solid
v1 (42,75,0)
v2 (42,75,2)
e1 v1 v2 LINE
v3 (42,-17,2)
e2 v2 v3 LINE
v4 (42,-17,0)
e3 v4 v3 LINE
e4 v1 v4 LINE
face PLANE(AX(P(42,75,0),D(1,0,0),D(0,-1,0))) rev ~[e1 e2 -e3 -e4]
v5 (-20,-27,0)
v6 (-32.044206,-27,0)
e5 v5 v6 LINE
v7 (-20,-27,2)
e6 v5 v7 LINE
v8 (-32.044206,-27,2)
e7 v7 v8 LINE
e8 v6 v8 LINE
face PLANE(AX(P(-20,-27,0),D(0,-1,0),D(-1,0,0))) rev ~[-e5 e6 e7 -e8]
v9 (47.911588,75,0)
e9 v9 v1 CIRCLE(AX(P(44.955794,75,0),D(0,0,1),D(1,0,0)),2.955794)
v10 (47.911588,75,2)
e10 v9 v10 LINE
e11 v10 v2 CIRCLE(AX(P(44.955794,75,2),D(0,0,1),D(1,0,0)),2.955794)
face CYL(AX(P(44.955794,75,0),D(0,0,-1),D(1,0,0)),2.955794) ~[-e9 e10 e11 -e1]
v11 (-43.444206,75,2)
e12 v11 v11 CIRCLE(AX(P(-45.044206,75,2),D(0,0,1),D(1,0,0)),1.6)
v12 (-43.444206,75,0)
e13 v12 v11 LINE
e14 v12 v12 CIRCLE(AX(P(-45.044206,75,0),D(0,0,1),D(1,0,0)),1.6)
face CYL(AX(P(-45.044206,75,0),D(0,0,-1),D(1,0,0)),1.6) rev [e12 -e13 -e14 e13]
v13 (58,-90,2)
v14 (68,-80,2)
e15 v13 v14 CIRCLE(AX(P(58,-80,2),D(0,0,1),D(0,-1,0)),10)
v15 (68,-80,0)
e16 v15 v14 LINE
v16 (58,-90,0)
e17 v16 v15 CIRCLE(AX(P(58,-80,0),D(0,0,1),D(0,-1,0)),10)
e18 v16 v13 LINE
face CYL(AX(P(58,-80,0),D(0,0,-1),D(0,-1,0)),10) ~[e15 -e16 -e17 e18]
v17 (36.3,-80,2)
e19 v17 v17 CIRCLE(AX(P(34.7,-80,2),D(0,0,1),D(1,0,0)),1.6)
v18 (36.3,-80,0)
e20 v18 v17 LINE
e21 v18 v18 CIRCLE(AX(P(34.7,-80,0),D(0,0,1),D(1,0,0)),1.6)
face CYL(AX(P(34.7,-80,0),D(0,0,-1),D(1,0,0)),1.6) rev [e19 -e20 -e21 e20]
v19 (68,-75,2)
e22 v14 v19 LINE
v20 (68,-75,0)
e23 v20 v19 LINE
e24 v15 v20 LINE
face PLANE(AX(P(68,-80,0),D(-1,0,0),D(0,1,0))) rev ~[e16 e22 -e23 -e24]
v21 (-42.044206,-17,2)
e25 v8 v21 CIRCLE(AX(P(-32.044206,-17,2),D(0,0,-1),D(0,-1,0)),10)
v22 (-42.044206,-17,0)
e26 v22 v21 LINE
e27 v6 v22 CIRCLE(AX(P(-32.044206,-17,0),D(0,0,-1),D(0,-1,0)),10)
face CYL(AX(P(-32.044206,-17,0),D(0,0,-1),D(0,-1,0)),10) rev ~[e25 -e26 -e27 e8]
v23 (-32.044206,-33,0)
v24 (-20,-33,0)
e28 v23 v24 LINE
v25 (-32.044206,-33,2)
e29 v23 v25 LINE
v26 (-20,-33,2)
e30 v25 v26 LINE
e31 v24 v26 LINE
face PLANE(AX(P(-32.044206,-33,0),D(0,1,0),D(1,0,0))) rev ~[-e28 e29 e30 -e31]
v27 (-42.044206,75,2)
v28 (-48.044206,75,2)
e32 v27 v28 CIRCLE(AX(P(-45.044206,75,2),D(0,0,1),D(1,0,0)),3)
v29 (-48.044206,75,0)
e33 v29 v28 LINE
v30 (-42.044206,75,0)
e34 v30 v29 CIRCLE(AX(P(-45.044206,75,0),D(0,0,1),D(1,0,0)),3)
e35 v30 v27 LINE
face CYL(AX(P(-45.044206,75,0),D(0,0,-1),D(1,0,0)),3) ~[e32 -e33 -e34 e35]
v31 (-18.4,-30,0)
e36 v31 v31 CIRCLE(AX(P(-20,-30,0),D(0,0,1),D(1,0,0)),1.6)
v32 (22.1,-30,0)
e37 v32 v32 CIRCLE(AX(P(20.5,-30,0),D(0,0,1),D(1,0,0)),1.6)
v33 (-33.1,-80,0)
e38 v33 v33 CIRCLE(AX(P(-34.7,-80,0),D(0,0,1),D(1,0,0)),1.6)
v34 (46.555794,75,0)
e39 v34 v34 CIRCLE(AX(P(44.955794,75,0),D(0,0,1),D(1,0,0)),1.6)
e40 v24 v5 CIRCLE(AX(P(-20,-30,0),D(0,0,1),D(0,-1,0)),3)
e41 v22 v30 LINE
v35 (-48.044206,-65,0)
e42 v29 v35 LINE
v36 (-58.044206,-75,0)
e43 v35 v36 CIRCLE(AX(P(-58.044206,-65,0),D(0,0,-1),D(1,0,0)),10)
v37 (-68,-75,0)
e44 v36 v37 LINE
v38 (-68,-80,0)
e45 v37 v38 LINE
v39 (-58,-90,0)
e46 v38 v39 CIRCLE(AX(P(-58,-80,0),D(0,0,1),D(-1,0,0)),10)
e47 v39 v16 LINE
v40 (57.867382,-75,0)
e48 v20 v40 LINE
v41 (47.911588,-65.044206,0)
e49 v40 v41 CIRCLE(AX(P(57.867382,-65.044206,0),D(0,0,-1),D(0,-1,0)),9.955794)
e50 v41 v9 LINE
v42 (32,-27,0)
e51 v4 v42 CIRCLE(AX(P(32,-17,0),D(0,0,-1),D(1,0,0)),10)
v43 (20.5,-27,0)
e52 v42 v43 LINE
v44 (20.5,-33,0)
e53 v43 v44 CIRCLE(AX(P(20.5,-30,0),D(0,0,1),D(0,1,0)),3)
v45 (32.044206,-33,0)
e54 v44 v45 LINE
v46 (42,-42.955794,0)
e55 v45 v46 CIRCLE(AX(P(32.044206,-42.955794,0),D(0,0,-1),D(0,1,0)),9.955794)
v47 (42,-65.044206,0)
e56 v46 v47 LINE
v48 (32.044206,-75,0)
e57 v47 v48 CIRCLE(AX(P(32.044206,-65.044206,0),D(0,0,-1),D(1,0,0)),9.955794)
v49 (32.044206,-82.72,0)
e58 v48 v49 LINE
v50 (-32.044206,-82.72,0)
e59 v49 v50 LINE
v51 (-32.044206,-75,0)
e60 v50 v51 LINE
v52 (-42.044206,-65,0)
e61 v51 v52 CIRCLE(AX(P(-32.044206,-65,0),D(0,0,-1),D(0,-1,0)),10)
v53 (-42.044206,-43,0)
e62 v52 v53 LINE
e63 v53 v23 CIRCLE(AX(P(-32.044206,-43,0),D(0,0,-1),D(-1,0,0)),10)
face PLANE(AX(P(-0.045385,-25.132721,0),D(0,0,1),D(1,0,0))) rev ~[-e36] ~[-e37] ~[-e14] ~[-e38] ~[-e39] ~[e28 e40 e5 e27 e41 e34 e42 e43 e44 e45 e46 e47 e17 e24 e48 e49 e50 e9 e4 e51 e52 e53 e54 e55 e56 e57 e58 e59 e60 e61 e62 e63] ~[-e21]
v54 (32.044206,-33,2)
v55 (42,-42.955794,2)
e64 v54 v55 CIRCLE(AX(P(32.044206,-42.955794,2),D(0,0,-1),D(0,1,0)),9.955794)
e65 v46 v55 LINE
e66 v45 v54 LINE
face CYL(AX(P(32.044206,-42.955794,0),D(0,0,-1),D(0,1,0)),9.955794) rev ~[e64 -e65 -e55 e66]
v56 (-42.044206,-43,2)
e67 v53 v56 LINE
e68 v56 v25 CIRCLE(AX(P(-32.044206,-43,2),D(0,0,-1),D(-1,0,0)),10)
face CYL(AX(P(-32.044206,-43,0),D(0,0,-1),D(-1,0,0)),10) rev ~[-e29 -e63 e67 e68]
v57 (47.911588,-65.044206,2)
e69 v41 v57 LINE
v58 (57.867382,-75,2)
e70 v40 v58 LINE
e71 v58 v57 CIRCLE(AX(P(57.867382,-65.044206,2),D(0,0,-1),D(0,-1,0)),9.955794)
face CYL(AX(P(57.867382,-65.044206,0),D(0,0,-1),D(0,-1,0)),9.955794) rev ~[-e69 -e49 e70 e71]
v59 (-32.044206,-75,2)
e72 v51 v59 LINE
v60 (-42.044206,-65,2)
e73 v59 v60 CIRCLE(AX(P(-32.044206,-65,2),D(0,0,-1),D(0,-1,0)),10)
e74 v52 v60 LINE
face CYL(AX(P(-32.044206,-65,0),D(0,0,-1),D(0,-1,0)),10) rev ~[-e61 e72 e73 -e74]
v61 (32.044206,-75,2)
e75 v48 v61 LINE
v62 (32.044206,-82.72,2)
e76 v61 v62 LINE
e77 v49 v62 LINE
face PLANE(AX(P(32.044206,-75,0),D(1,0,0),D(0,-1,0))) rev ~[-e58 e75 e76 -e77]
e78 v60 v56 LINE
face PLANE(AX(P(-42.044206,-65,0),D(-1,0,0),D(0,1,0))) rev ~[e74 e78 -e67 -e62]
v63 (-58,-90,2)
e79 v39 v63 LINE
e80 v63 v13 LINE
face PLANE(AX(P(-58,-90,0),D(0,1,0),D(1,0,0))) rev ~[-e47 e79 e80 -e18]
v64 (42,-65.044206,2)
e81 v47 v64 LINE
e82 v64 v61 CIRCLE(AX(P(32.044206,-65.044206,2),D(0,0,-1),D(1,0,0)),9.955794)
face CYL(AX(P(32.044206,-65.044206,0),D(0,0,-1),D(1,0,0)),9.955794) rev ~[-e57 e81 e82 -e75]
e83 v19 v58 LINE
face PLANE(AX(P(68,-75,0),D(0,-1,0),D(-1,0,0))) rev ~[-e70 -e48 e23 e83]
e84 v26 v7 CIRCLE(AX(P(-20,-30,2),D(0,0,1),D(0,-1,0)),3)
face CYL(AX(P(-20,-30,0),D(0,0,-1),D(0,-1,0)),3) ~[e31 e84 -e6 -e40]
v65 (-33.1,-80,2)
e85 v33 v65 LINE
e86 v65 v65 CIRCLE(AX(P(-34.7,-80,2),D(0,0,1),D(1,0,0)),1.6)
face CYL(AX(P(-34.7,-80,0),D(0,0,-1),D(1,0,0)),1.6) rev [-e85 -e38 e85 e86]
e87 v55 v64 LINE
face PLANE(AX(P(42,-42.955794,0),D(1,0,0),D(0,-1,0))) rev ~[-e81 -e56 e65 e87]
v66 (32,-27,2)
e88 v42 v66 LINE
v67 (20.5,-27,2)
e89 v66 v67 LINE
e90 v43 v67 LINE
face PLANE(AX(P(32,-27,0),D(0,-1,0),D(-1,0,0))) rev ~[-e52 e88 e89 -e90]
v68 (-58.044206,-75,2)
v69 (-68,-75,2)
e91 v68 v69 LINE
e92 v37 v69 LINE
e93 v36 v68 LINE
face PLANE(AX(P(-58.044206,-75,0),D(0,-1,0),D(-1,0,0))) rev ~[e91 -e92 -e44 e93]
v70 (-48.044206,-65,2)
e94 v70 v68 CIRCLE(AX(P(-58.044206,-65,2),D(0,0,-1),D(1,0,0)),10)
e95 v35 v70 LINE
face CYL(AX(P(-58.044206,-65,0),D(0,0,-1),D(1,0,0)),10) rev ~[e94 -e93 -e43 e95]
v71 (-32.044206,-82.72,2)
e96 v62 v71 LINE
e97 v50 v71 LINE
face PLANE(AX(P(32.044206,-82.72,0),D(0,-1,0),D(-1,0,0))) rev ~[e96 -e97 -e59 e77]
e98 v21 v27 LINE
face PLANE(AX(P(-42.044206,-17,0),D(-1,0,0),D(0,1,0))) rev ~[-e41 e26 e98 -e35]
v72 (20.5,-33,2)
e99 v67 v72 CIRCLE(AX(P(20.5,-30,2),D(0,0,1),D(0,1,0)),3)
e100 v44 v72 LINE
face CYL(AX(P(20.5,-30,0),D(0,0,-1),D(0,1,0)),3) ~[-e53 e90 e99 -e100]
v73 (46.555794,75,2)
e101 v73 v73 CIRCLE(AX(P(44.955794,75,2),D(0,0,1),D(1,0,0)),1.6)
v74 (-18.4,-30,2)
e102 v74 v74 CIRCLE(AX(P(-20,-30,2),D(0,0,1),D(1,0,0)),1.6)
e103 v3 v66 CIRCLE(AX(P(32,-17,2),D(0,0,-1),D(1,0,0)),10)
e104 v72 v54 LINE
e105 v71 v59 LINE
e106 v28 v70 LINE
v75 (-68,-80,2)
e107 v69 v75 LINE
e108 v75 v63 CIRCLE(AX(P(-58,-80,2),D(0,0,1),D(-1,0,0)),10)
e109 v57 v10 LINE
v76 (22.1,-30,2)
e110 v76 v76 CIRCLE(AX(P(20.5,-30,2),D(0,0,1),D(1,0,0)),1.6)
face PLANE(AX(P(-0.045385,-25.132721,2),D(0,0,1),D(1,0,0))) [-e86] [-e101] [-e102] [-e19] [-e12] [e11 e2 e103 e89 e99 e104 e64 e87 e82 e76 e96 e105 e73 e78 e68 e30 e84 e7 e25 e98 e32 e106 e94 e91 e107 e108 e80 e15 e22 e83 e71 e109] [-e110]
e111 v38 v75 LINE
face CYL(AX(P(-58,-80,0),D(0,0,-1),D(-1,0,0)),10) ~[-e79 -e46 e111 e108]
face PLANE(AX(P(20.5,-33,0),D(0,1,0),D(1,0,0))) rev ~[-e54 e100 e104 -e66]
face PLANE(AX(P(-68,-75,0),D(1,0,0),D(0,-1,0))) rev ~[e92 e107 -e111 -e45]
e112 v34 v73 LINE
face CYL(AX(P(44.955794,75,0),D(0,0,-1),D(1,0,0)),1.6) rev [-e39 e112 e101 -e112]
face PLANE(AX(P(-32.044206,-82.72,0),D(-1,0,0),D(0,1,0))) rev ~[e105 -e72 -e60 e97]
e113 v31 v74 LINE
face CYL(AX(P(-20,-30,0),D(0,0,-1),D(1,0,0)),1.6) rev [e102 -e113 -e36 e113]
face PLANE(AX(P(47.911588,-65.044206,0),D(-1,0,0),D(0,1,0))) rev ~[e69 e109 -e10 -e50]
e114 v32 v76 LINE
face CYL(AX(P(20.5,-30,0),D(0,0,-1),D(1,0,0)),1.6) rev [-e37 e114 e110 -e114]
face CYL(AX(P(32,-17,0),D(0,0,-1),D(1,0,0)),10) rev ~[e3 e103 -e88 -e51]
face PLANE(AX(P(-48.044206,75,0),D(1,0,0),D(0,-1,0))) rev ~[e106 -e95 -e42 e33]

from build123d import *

# Parameters (mm, degrees)
SKETCH1_R           = 1.6
BOSS_EXTRUDE1_DEPTH = 2


with BuildPart() as part:
    # Sketch1 → Boss-Extrude1 (new body)
    with BuildSketch(Plane.XY):
        with BuildLine():
            Line((-48.044206104, 75), (-48.044206104, -65))
            ThreePointArc((-48.044206104, -65), (-50.973138292, -72.071067812), (-58.044206104, -75))
            Line((-58.044206104, -75), (-68, -75))
            Line((-68, -75), (-68, -80))
            ThreePointArc((-68, -80), (-65.071067812, -87.071067812), (-58, -90))
            Line((-58, -90), (58, -90))
            ThreePointArc((58, -90), (65.071067812, -87.071067812), (68, -80))
            Line((68, -80), (68, -75))
            Line((68, -75), (57.867381689, -75))
            ThreePointArc((57.867381689, -75), (50.827572313, -72.08401548), (47.911587793, -65.044206104))
            Line((47.911587793, -65.044206104), (47.911587793, 75))
            ThreePointArc((47.911587793, 75), (44.955793896, 77.955793896), (42, 75))
            Line((42, 75), (42, -17))
            ThreePointArc((42, -17), (39.071067812, -24.071067812), (32, -27))
            Line((32, -27), (20.5, -27))
            ThreePointArc((20.5, -27), (17.5, -30), (20.5, -33))
            Line((20.5, -33), (32.044206104, -33))
            ThreePointArc((32.044206104, -33), (39.08401548, -35.91598452), (42, -42.955793896))
            Line((42, -42.955793896), (42, -65.044206104))
            ThreePointArc((42, -65.044206104), (39.08401548, -72.08401548), (32.044206104, -75))
            Line((32.044206104, -75), (32.044206104, -82.72))
            Line((32.044206104, -82.72), (-32.044206104, -82.72))
            Line((-32.044206104, -82.72), (-32.044206104, -75))
            ThreePointArc((-32.044206104, -75), (-39.115273915, -72.071067812), (-42.044206104, -65))
            Line((-42.044206104, -65), (-42.044206104, -43))
            ThreePointArc((-42.044206104, -43), (-39.115273915, -35.928932188), (-32.044206104, -33))
            Line((-32.044206104, -33), (-20, -33))
            ThreePointArc((-20, -33), (-17, -30), (-20, -27))
            Line((-20, -27), (-32.044206104, -27))
            ThreePointArc((-32.044206104, -27), (-39.115273915, -24.071067812), (-42.044206104, -17))
            Line((-42.044206104, -17), (-42.044206104, 75))
            ThreePointArc((-42.044206104, 75), (-45.044206104, 78), (-48.044206104, 75))
        make_face()
        with Locations((-45.044206104, 75)):
            Circle(SKETCH1_R, mode=Mode.SUBTRACT)
        with Locations((44.955793896, 75)):
            Circle(SKETCH1_R, mode=Mode.SUBTRACT)
        with Locations((-34.7, -80)):
            Circle(SKETCH1_R, mode=Mode.SUBTRACT)
        with Locations((34.7, -80)):
            Circle(SKETCH1_R, mode=Mode.SUBTRACT)
        with Locations((-20, -30)):
            Circle(SKETCH1_R, mode=Mode.SUBTRACT)
        with Locations((20.5, -30)):
            Circle(SKETCH1_R, mode=Mode.SUBTRACT)
    extrude(amount=BOSS_EXTRUDE1_DEPTH)


solid = part.part
